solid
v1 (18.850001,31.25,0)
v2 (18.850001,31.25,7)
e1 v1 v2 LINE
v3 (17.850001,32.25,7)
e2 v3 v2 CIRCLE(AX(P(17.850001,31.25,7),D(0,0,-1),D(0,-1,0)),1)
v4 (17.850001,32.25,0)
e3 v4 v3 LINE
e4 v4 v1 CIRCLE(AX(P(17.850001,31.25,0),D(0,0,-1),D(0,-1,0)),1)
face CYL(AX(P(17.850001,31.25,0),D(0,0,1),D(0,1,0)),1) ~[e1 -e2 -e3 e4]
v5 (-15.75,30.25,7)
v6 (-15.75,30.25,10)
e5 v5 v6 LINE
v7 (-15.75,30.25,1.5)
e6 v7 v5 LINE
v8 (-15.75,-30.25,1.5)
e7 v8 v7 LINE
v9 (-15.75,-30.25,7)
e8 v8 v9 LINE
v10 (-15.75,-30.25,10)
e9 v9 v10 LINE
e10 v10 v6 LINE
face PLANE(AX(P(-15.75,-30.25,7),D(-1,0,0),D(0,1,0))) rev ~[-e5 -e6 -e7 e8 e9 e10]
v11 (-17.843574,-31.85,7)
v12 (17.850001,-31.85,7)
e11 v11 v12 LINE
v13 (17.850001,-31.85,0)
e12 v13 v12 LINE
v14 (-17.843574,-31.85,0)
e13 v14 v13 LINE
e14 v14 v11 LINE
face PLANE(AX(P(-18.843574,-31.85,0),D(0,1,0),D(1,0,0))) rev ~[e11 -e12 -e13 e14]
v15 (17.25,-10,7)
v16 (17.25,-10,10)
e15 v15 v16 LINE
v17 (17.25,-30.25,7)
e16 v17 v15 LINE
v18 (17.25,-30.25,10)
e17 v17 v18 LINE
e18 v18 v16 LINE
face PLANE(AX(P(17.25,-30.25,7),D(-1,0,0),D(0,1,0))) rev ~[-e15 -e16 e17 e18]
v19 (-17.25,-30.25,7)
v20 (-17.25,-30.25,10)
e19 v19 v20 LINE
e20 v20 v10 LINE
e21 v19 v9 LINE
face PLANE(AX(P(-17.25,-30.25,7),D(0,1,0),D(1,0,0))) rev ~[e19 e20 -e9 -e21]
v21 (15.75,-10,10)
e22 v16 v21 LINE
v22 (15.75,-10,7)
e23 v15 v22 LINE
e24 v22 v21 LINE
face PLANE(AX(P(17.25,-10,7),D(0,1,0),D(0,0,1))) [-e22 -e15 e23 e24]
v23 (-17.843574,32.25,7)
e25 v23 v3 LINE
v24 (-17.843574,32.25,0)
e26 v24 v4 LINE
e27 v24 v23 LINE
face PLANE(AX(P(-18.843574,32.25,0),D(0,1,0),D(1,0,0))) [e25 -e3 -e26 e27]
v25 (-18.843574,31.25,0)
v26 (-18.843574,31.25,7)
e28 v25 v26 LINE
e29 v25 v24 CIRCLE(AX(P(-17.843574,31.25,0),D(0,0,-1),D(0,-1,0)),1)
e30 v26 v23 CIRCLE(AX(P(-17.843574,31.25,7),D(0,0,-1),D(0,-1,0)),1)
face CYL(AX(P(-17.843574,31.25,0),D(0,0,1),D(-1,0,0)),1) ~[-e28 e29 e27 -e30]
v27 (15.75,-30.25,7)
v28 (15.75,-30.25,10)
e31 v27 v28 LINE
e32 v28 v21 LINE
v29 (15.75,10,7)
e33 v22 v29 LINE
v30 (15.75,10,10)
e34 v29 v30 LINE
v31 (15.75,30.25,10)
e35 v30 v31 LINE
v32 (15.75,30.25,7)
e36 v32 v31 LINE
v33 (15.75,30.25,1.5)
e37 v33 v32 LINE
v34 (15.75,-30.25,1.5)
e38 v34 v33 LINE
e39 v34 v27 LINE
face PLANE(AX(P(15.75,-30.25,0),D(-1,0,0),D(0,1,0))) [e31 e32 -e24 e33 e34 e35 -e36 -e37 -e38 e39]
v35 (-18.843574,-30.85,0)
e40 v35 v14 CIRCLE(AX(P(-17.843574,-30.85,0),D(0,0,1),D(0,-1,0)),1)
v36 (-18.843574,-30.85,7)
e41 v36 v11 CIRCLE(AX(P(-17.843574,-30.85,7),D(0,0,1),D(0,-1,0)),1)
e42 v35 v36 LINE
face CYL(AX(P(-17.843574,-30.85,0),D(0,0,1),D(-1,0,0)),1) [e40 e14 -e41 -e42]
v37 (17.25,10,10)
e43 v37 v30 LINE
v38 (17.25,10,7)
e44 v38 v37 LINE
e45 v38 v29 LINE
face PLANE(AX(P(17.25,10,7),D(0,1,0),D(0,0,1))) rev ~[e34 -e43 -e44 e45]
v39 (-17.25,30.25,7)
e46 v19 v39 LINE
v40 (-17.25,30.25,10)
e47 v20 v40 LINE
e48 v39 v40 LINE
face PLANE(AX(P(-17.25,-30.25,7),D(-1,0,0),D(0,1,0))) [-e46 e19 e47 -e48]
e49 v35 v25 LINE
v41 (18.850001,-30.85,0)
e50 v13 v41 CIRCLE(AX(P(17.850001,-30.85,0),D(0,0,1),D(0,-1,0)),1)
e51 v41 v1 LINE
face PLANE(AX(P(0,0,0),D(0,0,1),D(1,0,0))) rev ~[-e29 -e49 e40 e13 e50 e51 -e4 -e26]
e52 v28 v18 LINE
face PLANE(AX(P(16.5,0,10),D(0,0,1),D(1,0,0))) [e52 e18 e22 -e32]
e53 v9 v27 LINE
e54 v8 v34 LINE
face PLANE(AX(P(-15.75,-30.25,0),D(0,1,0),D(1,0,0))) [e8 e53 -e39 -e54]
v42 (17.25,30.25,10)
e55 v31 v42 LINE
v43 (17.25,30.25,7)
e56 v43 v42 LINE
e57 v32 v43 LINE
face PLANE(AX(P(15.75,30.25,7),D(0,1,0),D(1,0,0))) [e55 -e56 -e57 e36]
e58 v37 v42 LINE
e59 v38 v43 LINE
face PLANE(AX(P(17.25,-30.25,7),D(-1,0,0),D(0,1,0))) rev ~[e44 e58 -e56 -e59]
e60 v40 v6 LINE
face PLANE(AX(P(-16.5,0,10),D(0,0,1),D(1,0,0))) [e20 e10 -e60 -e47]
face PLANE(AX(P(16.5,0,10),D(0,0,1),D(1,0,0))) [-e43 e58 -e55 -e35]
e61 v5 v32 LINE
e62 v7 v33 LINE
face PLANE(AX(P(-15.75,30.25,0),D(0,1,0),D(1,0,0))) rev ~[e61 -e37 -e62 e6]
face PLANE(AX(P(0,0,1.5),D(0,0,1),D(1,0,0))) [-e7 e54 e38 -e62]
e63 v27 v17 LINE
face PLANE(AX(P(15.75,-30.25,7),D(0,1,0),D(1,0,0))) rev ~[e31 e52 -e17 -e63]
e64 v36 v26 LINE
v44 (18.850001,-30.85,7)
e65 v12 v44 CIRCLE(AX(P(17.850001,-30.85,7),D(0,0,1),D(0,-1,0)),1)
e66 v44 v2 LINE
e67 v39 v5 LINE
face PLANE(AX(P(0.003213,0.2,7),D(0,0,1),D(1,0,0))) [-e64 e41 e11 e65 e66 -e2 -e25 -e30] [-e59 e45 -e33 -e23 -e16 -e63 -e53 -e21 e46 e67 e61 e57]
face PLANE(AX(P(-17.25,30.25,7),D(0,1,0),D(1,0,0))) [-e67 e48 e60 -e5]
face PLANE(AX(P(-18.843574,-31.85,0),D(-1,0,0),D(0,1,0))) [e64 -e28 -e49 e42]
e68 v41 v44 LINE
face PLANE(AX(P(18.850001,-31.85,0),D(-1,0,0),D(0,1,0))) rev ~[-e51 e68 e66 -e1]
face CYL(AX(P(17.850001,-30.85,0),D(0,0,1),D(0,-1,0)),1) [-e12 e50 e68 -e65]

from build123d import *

# Parameters (mm, degrees)
F0_W     = 37.693575
F0_H     = 64.1
F0_W_2   = 31.5
F0_H_2   = 60.5
F1_DEPTH = 7
F2_DEPTH = 1.5
F3_W     = 1.5
F3_H     = 60.5
F4_DEPTH = 3
F5_R     = 1
F6_W     = 20
F6_H     = 3
F7_DEPTH = 1.5


with BuildPart() as f1:
    # F0 (on Top) → F1 (new body)
    with BuildSketch(Plane.XY):
        with Locations((0.003213, 0.2)):
            Rectangle(F0_W, F0_H)
        Rectangle(F0_W_2, F0_H_2, mode=Mode.SUBTRACT)
    extrude(amount=F1_DEPTH)

    # F0 (on Top) → F2 (join)
    with BuildSketch(Plane.XY):
        Rectangle(F0_W_2, F0_H_2)
    extrude(amount=F2_DEPTH)

    # F3 (on face) → F4 (join)
    with BuildSketch(Plane.XY.offset(7)):
        with Locations((-16.5, 0)):
            Rectangle(F3_W, F3_H)
        with Locations((16.5, 0)):
            Rectangle(F3_W, F3_H)
    extrude(amount=F4_DEPTH)

    # F5
    f5_edges = [f1.edges().sort_by_distance(p)[0] for p in [
        (-18.843575, -31.85, 3.5),
        (18.85, -31.85, 3.5),
        (18.85, 32.25, 3.5),
        (-18.843575, 32.25, 3.5),
    ]]
    fillet(f5_edges, radius=F5_R)

    # F6 (on face) → F7 (cut, through all)
    with BuildSketch(Plane.YZ.offset(17.25)):
        with Locations((0, 8.5)):
            Rectangle(F6_W, F6_H)
    extrude(amount=-F7_DEPTH, mode=Mode.SUBTRACT)


solid = f1.part
